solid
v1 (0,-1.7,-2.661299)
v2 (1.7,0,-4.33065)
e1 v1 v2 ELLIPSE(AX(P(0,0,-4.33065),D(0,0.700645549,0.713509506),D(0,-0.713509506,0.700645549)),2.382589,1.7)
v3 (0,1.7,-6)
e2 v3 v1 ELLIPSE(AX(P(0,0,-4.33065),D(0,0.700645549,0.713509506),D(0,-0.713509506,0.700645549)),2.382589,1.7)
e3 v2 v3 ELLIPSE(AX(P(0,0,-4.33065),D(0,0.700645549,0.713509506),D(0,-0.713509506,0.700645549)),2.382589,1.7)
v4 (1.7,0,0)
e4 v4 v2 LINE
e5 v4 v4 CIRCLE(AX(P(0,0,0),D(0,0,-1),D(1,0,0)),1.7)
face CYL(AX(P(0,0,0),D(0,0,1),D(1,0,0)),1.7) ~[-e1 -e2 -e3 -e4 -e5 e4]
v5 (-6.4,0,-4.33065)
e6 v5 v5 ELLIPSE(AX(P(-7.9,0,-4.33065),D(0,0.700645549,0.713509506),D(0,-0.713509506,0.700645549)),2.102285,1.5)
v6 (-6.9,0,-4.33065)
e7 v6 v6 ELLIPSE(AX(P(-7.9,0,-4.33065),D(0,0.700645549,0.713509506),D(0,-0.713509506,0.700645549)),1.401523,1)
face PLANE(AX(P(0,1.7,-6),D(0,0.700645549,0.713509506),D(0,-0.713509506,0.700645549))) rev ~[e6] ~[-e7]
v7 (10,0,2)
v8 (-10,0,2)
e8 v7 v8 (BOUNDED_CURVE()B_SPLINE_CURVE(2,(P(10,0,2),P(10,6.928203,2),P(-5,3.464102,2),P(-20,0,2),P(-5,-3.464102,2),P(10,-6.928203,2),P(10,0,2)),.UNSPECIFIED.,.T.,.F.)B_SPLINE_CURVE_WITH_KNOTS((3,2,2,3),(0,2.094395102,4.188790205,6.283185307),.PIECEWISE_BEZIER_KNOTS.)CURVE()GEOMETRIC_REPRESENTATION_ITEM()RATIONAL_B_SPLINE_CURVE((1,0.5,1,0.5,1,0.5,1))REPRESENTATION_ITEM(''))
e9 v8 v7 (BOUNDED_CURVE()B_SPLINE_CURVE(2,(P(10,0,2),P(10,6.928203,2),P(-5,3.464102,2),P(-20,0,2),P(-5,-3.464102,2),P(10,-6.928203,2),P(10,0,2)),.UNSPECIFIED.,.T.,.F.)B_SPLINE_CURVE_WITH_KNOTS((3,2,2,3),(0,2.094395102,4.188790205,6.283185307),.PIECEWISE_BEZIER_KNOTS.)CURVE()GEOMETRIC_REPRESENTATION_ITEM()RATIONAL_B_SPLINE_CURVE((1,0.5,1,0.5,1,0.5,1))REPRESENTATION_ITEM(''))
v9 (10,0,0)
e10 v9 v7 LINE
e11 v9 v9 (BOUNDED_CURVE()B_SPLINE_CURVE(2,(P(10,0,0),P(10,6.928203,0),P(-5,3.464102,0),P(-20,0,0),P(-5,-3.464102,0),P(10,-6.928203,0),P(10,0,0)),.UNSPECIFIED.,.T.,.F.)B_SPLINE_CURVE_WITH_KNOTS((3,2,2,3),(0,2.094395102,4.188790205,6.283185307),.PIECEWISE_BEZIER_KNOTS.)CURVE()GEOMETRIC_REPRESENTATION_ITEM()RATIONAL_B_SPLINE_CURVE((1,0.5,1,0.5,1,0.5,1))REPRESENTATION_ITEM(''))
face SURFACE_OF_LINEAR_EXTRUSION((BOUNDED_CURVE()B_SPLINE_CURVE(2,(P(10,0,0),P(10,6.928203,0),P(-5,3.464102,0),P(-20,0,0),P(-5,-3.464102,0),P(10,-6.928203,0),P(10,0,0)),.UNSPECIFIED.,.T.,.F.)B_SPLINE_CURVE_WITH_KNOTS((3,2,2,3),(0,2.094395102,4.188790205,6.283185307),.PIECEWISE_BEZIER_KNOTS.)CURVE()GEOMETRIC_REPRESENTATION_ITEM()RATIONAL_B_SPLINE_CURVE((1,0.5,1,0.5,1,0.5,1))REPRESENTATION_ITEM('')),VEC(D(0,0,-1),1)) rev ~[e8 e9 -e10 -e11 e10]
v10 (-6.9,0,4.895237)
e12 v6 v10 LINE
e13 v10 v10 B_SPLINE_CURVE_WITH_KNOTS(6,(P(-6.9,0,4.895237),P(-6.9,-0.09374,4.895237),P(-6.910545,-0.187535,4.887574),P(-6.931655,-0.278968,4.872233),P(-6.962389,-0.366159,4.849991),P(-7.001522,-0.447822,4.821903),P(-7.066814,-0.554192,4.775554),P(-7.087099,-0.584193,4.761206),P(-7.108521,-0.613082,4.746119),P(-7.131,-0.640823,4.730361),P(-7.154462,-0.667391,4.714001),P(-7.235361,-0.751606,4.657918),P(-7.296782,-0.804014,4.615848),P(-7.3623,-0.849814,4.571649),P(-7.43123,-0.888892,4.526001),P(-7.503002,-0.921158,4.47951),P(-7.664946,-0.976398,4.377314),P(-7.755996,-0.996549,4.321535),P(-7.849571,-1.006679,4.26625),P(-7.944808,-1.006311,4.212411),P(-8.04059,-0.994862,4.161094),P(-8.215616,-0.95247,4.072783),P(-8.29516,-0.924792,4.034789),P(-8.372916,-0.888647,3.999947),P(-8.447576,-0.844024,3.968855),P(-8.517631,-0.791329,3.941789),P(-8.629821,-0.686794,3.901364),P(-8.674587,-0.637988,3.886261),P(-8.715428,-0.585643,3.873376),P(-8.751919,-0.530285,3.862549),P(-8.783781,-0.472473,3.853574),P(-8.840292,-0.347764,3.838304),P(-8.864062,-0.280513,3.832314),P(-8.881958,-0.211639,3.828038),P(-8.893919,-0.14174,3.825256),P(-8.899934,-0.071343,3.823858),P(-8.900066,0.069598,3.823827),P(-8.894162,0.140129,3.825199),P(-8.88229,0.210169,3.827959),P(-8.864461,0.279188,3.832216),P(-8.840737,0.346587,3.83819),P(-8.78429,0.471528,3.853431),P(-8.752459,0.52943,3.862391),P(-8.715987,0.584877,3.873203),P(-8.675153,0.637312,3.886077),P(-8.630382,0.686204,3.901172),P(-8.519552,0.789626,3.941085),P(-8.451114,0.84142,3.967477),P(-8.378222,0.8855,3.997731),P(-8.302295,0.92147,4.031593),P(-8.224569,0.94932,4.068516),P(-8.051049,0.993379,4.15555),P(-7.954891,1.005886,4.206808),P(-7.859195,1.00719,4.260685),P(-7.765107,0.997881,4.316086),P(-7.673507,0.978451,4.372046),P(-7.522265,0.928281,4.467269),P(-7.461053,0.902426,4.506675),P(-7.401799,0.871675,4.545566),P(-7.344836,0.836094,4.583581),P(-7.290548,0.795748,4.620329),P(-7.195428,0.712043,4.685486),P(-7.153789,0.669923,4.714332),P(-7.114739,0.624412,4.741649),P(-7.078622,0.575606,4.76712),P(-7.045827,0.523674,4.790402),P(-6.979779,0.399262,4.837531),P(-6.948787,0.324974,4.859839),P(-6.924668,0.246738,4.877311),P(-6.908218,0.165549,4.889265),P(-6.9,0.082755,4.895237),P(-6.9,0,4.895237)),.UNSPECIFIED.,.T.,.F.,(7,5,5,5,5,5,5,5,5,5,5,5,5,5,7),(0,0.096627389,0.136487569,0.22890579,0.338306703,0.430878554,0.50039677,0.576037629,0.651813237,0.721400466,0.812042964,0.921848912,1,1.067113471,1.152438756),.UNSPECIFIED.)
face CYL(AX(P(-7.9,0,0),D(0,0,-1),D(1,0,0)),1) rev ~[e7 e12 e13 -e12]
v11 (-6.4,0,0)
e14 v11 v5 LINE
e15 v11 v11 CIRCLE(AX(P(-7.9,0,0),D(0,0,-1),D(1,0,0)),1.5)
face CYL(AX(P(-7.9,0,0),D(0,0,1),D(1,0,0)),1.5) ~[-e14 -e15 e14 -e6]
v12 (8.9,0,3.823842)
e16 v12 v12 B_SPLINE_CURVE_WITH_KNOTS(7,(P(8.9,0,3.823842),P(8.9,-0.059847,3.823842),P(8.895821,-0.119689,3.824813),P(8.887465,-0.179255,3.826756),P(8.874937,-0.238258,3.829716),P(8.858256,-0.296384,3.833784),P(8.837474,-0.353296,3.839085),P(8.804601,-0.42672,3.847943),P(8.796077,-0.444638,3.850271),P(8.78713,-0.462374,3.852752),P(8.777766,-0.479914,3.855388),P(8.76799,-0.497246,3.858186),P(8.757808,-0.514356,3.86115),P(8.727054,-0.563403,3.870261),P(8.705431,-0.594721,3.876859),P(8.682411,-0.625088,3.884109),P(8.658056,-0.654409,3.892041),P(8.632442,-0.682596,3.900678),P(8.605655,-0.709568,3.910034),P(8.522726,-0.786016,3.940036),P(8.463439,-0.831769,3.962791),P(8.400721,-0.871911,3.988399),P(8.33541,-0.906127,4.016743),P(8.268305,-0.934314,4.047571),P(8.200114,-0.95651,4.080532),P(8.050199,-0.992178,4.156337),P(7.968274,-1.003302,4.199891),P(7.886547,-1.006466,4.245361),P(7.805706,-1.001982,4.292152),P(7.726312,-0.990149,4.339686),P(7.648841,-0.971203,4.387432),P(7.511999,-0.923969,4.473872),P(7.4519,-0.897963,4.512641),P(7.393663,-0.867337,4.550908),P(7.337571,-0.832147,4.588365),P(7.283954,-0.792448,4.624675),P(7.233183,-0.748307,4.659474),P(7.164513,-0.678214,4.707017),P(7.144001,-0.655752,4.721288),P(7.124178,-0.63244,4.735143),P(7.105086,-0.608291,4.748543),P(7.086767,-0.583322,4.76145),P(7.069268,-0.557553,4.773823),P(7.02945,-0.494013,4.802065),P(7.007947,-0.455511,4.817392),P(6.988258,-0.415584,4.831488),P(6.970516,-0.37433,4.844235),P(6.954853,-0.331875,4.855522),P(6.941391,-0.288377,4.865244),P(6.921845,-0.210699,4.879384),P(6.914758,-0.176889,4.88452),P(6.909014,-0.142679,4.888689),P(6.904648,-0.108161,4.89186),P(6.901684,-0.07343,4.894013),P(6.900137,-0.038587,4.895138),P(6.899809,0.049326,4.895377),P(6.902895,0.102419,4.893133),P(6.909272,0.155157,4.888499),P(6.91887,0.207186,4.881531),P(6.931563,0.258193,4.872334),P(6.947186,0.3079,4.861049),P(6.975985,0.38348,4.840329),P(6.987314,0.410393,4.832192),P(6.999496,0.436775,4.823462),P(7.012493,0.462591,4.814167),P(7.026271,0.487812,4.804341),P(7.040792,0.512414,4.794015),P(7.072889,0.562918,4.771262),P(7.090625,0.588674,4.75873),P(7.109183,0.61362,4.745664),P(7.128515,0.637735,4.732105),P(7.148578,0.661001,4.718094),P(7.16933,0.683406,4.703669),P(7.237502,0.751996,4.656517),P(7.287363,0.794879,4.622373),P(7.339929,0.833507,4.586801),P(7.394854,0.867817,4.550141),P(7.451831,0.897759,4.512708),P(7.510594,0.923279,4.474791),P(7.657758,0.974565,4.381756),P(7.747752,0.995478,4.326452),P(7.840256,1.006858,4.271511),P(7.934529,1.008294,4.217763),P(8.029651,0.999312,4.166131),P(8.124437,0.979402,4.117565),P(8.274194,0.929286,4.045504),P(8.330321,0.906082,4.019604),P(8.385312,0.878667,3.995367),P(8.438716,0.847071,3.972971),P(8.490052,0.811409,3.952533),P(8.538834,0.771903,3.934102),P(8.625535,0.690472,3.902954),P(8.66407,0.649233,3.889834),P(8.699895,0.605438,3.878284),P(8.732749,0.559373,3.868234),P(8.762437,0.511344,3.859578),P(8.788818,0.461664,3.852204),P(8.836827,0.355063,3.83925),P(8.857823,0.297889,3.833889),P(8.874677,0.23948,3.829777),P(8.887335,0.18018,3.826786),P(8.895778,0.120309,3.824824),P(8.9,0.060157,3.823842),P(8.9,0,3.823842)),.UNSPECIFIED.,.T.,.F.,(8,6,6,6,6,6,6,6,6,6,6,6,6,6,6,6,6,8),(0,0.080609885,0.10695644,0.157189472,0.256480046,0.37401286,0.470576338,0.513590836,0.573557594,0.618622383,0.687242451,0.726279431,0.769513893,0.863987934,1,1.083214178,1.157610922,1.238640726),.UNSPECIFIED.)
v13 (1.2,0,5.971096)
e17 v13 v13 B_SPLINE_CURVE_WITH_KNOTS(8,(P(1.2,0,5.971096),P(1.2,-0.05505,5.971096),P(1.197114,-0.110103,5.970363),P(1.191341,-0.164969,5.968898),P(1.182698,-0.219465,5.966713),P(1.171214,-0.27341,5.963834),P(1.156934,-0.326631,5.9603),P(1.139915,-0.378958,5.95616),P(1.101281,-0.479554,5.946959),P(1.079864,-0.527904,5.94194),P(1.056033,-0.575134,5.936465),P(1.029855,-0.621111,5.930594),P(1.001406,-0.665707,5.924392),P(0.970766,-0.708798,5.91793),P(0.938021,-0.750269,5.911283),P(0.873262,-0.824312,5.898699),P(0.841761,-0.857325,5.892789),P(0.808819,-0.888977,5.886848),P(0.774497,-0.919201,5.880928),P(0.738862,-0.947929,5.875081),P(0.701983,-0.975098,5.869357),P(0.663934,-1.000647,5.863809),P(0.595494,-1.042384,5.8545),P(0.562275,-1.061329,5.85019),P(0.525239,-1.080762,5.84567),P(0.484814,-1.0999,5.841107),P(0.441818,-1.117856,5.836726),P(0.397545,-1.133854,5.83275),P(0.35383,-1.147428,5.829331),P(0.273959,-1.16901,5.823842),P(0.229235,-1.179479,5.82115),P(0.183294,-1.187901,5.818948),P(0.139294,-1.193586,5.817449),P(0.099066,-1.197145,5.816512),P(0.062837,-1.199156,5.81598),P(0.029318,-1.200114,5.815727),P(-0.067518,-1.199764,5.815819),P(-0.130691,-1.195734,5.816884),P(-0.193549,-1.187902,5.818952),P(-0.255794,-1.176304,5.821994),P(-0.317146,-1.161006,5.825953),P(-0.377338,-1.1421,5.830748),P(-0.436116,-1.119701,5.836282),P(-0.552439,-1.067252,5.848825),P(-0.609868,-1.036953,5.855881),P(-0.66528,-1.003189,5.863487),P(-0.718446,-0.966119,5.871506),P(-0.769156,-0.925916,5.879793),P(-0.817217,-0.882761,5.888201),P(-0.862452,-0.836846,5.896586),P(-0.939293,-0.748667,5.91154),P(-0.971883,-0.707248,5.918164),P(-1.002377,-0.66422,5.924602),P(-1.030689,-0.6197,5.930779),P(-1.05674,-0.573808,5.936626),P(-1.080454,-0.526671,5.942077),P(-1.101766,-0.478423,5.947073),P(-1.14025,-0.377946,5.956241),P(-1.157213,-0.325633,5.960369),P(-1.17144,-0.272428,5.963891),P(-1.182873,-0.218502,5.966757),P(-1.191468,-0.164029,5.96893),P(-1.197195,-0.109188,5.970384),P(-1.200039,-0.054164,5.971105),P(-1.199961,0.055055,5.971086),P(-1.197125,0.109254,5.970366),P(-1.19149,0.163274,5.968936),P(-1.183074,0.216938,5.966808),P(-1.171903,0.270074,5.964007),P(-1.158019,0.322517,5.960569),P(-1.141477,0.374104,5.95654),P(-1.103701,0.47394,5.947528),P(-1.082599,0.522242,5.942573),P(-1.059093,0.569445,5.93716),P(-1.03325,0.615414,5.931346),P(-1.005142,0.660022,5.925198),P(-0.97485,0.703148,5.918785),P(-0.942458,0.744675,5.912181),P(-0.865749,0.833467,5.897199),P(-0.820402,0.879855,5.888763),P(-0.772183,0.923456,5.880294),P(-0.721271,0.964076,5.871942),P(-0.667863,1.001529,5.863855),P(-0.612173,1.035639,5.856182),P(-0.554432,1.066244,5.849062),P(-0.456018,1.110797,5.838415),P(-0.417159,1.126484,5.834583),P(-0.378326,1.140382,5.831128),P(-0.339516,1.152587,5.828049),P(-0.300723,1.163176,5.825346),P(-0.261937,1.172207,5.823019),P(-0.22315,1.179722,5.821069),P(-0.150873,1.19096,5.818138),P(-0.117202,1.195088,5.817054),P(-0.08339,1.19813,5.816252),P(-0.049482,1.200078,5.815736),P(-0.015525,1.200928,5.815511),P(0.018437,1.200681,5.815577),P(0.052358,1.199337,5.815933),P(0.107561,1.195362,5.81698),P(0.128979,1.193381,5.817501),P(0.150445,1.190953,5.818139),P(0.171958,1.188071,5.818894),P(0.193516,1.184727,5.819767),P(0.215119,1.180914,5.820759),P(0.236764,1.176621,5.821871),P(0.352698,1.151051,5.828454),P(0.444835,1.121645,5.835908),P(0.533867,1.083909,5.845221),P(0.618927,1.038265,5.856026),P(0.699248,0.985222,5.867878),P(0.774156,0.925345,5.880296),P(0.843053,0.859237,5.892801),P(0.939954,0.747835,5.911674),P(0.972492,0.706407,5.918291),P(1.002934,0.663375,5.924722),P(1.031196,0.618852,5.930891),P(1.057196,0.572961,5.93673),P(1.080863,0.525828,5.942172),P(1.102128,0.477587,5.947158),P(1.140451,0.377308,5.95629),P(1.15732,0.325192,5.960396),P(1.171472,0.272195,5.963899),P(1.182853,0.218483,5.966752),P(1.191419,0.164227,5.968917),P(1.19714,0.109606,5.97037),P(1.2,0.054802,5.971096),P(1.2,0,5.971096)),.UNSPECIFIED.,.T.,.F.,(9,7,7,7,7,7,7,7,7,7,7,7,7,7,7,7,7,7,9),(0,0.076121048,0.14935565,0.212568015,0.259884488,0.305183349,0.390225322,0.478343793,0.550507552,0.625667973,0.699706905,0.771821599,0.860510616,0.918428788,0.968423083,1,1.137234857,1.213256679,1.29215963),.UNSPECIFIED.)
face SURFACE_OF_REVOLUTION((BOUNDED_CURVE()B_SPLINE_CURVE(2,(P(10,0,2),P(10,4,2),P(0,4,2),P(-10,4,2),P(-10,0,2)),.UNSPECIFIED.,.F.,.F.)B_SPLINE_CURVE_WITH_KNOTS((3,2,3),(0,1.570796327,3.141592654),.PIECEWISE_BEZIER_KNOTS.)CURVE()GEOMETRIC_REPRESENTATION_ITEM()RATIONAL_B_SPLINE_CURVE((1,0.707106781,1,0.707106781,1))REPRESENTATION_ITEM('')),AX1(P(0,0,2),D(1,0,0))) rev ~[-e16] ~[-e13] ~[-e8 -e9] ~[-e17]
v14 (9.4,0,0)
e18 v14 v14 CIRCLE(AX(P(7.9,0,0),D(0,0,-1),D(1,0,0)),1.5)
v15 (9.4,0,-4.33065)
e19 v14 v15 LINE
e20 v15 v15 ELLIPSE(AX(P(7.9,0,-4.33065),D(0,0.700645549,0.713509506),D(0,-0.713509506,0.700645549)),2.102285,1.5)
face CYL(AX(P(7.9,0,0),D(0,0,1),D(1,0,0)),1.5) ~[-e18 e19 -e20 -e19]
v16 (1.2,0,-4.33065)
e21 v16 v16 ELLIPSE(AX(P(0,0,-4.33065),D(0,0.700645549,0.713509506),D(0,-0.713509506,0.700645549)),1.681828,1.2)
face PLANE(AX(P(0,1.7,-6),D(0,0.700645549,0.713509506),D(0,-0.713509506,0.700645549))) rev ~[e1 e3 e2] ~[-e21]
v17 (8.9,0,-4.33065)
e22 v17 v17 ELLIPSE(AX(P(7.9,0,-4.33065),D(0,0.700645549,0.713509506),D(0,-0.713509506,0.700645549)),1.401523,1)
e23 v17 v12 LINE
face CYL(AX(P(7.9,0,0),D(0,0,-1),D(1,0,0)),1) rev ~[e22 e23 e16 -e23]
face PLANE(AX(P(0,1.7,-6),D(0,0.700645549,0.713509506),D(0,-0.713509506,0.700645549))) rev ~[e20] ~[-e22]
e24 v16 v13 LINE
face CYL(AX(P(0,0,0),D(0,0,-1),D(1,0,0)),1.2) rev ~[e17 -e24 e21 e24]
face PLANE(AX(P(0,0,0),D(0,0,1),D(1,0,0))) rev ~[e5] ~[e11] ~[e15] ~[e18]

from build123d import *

# Parameters (mm, degrees)
F1_DEPTH = 2
F2_R     = 1.5
F2_R_2   = 1
F2_R_3   = 1.7
F2_R_4   = 1.2
F3_DEPTH = 6
F5_ANGLE = 180
F6_R     = 1
F6_R_2   = 1.2
F7_DEPTH = 6.0010001
F9_DEPTH = 12.5


with BuildPart() as f1:
    # F0 (on Top) → F1 (new body)
    with BuildSketch(Plane.XY):
        with BuildLine():
            add(Edge.make_bspline(
                [(10, 0), (10, 6.9282032303), (-5, 3.4641016151), (-20, 0), (-5, -3.4641016151), (10, -6.9282032303), (10, 0)],
                knots=[0, 0, 0, 2.0943951024, 2.0943951024, 4.1887902048, 4.1887902048, 6.2831853072, 6.2831853072, 6.2831853072], degree=2, weights=[1, 0.5, 1, 0.5, 1, 0.5, 1]))
        make_face()
    extrude(amount=F1_DEPTH)

    # F2 (on face) → F3 (join)
    with BuildSketch(Plane(origin=(0, 0, 0), x_dir=(1, 0, 0), z_dir=(0, 0, -1))):
        with Locations((-7.9, 0)):
            Circle(F2_R)
        with Locations((-7.9, 0)):
            Circle(F2_R_2, mode=Mode.SUBTRACT)
        with Locations((7.9, 0)):
            Circle(F2_R)
        with Locations((7.9, 0)):
            Circle(F2_R_2, mode=Mode.SUBTRACT)
        Circle(F2_R_3)
        Circle(F2_R_4, mode=Mode.SUBTRACT)
    extrude(amount=F3_DEPTH)

    # F4 (on face) → F5 (revolve)
    with BuildSketch(Plane.XY.offset(2)):
        with BuildLine():
            Line((-10, 0), (10, 0))
            add(Edge.make_bspline(
                [(10, 0), (10, 4), (0, 4), (-10, 4), (-10, 0)],
                knots=[0, 0, 0, 1.5707963268, 1.5707963268, 3.1415926536, 3.1415926536, 3.1415926536], degree=2, weights=[1, 0.7071067812, 1, 0.7071067812, 1]))
        make_face()
    revolve(axis=Axis((0, 0, 2), (1, 0, 0)), revolution_arc=F5_ANGLE)

    # F6 (on face) → F7 (cut, through all)
    with BuildSketch(Plane(origin=(0, 0, 0), x_dir=(1, 0, 0), z_dir=(0, 0, -1))):
        with Locations((-7.9, 0)):
            Circle(F6_R)
        Circle(F6_R_2)
        with Locations((7.9, 0)):
            Circle(F6_R)
    extrude(amount=-F7_DEPTH, mode=Mode.SUBTRACT)

    # F8 (on Right) → F9 (cut, symmetric)
    with BuildSketch(Plane.YZ):
        Polygon((-1.7, -6), (1.7, -6), (-1.7, -2.6612990494), align=None)
    extrude(amount=F9_DEPTH, both=True, mode=Mode.SUBTRACT)


solid = f1.part
